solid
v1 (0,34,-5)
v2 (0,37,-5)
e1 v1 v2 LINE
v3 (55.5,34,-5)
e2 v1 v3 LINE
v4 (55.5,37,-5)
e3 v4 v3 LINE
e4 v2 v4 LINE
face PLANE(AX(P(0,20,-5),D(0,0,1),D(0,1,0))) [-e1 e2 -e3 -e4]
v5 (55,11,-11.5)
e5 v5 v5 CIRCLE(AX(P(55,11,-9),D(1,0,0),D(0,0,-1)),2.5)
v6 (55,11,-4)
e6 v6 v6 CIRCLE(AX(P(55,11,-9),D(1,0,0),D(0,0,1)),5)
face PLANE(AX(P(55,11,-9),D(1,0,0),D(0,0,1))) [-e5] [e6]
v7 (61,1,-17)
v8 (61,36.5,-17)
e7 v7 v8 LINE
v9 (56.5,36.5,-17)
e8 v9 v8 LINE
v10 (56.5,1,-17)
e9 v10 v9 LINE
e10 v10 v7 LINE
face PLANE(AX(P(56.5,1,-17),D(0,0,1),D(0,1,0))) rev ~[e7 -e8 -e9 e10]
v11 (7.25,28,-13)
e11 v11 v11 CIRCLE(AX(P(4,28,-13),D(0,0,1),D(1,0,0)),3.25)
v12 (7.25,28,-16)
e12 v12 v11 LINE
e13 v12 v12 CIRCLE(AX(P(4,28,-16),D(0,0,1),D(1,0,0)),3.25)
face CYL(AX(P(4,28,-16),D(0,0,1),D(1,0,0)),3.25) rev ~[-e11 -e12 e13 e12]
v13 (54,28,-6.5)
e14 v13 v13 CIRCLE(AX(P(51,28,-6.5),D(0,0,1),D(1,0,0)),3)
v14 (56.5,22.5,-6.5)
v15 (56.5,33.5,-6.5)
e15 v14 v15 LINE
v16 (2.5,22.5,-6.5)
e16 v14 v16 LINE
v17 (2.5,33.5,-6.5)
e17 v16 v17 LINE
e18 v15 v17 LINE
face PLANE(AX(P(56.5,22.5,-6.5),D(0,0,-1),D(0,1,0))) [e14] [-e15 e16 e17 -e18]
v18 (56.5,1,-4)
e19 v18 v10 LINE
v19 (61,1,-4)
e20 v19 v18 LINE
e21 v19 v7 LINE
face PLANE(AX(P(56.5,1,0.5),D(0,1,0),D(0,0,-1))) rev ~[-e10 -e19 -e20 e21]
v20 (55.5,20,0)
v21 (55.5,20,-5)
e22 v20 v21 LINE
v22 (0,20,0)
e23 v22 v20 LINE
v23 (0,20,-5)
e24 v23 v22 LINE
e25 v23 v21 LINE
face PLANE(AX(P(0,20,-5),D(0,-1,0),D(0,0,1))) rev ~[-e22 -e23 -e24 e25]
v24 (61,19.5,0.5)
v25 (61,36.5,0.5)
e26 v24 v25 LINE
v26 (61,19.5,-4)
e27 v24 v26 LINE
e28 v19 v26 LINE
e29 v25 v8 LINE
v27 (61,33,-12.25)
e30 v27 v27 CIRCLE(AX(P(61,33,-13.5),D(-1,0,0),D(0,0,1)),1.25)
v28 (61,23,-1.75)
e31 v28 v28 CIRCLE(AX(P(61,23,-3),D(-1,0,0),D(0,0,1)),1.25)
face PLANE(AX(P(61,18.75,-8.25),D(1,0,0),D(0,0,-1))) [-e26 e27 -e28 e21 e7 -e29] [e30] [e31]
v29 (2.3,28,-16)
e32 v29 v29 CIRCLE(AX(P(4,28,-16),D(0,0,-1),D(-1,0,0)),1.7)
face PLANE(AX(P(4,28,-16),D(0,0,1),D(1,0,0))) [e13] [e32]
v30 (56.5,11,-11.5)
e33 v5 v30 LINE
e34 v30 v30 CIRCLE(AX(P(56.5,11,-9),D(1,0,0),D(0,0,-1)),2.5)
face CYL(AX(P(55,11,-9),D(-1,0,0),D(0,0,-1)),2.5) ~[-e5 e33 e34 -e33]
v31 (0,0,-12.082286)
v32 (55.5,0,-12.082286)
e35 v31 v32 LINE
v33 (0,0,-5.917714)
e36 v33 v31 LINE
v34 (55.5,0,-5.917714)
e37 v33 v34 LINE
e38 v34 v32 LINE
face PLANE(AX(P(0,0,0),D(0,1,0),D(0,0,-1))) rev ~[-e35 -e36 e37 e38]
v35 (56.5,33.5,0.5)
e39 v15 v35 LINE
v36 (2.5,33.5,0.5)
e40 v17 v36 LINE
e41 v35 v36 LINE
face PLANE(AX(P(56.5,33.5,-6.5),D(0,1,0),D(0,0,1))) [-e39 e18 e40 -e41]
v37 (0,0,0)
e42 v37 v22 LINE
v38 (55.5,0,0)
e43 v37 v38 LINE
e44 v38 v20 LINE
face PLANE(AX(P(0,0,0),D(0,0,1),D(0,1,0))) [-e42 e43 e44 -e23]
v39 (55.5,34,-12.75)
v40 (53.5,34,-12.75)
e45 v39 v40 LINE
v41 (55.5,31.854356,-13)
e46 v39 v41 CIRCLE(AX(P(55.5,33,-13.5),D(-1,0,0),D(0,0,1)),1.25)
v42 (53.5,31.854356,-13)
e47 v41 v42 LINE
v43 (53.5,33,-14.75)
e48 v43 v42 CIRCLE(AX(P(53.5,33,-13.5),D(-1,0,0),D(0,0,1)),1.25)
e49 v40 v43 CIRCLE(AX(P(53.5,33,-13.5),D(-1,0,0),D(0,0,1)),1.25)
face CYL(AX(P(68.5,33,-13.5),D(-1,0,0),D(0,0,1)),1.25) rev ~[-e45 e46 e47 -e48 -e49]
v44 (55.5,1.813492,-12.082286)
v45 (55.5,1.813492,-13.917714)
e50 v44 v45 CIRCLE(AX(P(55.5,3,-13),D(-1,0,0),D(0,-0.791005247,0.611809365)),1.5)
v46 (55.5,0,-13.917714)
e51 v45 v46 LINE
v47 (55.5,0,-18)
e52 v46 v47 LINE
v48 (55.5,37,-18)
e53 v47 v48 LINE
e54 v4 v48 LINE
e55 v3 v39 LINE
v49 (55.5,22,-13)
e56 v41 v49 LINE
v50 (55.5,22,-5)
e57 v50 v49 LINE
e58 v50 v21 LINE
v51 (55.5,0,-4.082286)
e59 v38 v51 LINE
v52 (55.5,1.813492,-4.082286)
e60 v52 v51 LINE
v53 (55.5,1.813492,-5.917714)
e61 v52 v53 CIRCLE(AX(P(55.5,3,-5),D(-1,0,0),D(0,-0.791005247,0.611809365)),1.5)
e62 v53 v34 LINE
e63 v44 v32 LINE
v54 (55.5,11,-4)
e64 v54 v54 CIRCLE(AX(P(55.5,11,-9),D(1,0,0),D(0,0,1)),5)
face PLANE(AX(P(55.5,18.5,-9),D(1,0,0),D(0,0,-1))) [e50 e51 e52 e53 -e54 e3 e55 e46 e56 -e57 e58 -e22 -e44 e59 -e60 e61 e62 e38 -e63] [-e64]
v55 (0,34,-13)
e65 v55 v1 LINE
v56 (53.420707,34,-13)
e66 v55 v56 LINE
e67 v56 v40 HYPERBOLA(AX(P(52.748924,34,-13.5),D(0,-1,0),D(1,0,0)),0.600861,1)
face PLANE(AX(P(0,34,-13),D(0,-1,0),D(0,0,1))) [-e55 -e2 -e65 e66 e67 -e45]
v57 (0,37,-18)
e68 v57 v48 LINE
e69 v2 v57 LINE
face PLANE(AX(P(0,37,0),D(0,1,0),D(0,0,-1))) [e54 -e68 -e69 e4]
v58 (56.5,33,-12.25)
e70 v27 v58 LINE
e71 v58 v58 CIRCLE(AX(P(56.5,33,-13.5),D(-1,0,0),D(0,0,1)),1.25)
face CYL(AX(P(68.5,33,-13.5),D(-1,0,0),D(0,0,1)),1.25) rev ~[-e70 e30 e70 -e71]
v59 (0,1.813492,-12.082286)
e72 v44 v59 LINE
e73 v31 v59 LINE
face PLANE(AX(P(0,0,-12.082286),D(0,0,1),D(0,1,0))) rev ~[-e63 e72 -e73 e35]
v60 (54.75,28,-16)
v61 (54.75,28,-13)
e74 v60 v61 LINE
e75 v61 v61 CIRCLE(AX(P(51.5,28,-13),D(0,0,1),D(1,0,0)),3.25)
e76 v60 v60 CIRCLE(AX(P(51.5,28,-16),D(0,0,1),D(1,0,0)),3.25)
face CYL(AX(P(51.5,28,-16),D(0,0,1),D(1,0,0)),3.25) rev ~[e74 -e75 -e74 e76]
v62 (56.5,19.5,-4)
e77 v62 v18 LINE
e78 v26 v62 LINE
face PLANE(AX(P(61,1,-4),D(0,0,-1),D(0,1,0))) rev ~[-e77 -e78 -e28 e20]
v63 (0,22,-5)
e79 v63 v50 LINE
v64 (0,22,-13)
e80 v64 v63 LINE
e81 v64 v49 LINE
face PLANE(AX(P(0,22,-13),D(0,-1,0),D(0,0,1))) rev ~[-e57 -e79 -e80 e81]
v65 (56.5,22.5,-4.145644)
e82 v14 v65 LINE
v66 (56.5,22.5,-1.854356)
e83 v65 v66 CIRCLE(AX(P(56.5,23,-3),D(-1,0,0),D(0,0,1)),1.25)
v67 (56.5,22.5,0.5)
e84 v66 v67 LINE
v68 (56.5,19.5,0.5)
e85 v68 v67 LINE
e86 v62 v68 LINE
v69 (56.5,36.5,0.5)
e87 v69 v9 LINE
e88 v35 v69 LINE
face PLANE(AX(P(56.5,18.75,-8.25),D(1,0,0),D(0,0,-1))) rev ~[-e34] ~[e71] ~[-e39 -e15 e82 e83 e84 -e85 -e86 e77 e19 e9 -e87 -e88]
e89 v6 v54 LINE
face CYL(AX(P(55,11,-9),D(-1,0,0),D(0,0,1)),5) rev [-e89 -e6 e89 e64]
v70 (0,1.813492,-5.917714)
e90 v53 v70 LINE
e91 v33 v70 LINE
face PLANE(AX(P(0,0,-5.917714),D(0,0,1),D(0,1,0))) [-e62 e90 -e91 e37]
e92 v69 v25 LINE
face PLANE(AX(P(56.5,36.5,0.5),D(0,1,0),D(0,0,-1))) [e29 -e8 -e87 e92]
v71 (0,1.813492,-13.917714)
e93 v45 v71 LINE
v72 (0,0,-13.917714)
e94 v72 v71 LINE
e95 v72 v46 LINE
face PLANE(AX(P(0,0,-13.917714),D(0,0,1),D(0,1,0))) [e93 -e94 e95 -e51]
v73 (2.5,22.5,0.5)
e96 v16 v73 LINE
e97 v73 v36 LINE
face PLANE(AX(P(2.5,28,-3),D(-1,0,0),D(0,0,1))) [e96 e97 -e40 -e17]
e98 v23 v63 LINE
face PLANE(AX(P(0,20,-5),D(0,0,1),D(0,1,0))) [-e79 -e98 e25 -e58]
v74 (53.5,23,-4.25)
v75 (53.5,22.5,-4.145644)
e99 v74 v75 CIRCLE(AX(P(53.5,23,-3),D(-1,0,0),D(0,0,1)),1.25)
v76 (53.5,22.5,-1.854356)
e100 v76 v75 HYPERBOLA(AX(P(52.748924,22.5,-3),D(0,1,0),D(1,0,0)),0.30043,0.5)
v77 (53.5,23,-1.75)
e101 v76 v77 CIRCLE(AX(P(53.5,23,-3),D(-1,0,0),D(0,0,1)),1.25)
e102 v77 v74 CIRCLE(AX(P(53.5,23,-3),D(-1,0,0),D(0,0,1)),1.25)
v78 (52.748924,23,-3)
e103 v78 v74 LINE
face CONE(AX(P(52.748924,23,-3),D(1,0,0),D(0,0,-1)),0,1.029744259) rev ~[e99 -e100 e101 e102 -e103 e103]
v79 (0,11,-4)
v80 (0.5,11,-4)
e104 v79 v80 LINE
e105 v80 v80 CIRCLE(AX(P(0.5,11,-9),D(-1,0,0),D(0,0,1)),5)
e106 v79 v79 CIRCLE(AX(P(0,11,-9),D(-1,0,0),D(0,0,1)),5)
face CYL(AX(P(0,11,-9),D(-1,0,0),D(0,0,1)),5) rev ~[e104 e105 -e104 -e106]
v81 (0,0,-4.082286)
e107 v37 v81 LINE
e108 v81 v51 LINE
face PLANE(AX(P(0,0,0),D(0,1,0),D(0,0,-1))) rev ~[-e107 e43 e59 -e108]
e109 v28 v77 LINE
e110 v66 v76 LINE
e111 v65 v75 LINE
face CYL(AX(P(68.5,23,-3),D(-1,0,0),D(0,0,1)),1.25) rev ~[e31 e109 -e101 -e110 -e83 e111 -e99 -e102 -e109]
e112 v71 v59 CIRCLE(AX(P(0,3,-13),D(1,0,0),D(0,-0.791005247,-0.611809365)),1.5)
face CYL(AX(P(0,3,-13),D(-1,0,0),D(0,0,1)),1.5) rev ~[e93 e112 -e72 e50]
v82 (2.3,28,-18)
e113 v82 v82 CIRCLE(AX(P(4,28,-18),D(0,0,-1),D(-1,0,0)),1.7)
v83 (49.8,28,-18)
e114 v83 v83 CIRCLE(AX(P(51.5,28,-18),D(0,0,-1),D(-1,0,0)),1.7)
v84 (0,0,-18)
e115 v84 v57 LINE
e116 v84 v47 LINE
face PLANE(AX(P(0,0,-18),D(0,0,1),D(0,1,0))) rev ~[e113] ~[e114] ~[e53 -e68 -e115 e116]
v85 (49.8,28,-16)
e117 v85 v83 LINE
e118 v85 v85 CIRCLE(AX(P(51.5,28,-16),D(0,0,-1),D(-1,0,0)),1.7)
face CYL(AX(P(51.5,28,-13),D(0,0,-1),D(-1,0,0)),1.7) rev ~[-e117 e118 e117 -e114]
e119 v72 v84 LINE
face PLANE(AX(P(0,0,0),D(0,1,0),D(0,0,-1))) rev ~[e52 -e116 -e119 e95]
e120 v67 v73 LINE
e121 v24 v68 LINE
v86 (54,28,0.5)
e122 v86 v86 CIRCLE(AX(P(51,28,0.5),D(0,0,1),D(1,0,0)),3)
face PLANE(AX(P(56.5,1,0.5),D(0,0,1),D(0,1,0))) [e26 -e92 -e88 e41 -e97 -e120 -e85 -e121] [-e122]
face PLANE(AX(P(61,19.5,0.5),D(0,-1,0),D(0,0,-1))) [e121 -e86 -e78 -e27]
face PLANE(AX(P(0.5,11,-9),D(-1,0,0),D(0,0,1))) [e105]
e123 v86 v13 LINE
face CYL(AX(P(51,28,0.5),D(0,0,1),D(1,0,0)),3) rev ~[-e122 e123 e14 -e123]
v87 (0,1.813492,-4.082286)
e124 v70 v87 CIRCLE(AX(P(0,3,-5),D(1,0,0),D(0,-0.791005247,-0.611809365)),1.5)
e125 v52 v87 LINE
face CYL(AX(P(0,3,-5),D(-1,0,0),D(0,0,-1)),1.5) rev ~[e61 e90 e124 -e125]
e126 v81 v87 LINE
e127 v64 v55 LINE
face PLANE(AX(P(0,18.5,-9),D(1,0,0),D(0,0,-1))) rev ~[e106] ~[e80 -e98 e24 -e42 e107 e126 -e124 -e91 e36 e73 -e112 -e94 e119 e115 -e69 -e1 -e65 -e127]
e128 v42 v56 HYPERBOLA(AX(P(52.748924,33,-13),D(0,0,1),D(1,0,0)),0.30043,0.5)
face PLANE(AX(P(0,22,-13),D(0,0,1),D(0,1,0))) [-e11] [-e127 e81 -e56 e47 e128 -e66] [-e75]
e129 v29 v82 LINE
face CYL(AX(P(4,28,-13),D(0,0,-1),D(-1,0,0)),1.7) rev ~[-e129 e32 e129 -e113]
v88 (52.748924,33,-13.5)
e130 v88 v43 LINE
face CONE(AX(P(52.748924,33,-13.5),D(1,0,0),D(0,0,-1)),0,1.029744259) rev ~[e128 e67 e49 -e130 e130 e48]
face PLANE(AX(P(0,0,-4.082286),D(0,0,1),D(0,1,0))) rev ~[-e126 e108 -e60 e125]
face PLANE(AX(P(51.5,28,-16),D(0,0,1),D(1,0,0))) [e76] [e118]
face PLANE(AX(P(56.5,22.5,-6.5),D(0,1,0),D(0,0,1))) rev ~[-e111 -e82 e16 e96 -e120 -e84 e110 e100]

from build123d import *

# Parameters (mm, degrees)
SKETCH_1_W                     = 18
SKETCH_1_H                     = 37
EXTRUDE_1_DEPTH                = 55.5
SKETCH_2_R                     = 5
CUT_EXTRUDE_1_DEPTH            = 0.5
CUT_EXTRUDE_START              = -0.5
SKETCH_3_R                     = 5
CUT_EXTRUDE_2_DEPTH            = 0.5
SKETCH_4_R                     = 1.5
CUT_EXTRUDE_3_DEPTH            = 70.088711089
SKETCH_5_W                     = 1.835428096
SKETCH_5_H                     = 2.75652024
CUT_EXTRUDE_4_DEPTH            = 70.088711089
SKETCH_6_W                     = 5
SKETCH_6_H                     = 17
CUT_EXTRUDE_5_DEPTH            = 70.088711089
SKETCH_7_W                     = 8
SKETCH_7_H                     = 12
CUT_EXTRUDE_6_DEPTH            = 70.088711089
SKETCH_8_R                     = 2.5
EXTRUDE_2_DEPTH                = 1.5
SKETCH_9_W                     = 17.5
SKETCH_9_H                     = 35.5
EXTRUDE_3_DEPTH                = 4.5
SKETCH_10_W                    = 7
SKETCH_10_H                    = 11
EXTRUDE_4_DEPTH                = 54
CUT_EXTRUDE_7_REACH            = 75.58
SKETCH_11_W                    = 4.5
SKETCH_11_H                    = 18.5
HOLE_WIZARD_M3_1_D             = 2.5
HOLE_WIZARD_M3_1_DEPTH         = 7.5
HOLE_WIZARD_M3_1_TIP           = 0.751075774
HOLE_WIZARD_M3_1_2_D           = 3.4
HOLE_WIZARD_M3_1_2_DEPTH       = 5
HOLE_WIZARD_M3_1_2_CBORE_D     = 6.5
HOLE_WIZARD_M3_1_2_CBORE_DEPTH = 3
CUT_EXTRUDE_8_REACH            = 75.704
SKETCH_16_R                    = 3


with BuildPart() as part:
    # 草图1 → 凸台-拉伸1 (new body)
    with BuildSketch(Plane(origin=(0, 0, 0), x_dir=(0, 0, -1), z_dir=(1, 0, 0))):
        with Locations((9, 18.5)):
            Rectangle(SKETCH_1_W, SKETCH_1_H)
    extrude(amount=EXTRUDE_1_DEPTH)

    # 草图2 → 切除-拉伸1 (cut)
    with BuildSketch(Plane.ZY):
        with Locations((-9, 11)):
            Circle(SKETCH_2_R)
    extrude(amount=-CUT_EXTRUDE_1_DEPTH, mode=Mode.SUBTRACT)

    # 草图3 → 切除-拉伸2 (cut)
    with BuildSketch(Plane(origin=(55.5, 0, 0), x_dir=(0, 0, -1), z_dir=(1, 0, 0)).offset(CUT_EXTRUDE_START)):
        with Locations(Location((9, 11, 0), (0, 0, 180))):
            Circle(SKETCH_3_R)
    extrude(amount=CUT_EXTRUDE_2_DEPTH, mode=Mode.SUBTRACT)

    # 草图4 → 切除-拉伸3 (cut, through all)
    with BuildSketch(Plane.ZY):
        with Locations((-13, 3)):
            Circle(SKETCH_4_R)
        with Locations(Location((-5, 3, 0), (0, 0, 180))):
            Circle(SKETCH_4_R)
    extrude(amount=-CUT_EXTRUDE_3_DEPTH, mode=Mode.SUBTRACT)

    # 草图5 → 切除-拉伸4 (cut, through all)
    with BuildSketch(Plane.ZY):
        with Locations((-13, 1.37826012)):
            Rectangle(SKETCH_5_W, SKETCH_5_H)
        with Locations((-5, 1.37826012)):
            Rectangle(SKETCH_5_W, SKETCH_5_H)
    extrude(amount=-CUT_EXTRUDE_4_DEPTH, mode=Mode.SUBTRACT)

    # 草图6 → 切除-拉伸5 (cut, through all)
    with BuildSketch(Plane.ZY):
        with Locations((-2.5, 28.5)):
            Rectangle(SKETCH_6_W, SKETCH_6_H)
    extrude(amount=-CUT_EXTRUDE_5_DEPTH, mode=Mode.SUBTRACT)

    # 草图7 → 切除-拉伸6 (cut, through all)
    with BuildSketch(Plane.ZY):
        with Locations((-9, 28)):
            Rectangle(SKETCH_7_W, SKETCH_7_H)
    extrude(amount=-CUT_EXTRUDE_6_DEPTH, mode=Mode.SUBTRACT)

    # 草图8 → 凸台-拉伸2 (add)
    with BuildSketch(Plane(origin=(55, 0, 0), x_dir=(0, 0, -1), z_dir=(1, 0, 0))):
        with Locations((9, 11)):
            Circle(SKETCH_8_R)
    extrude(amount=EXTRUDE_2_DEPTH)

    # 草图9 → 凸台-拉伸3 (add)
    with BuildSketch(Plane(origin=(56.5, 0, 0), x_dir=(0, 0, -1), z_dir=(1, 0, 0))):
        with Locations((8.25, 18.75)):
            Rectangle(SKETCH_9_W, SKETCH_9_H)
    extrude(amount=EXTRUDE_3_DEPTH)

    # 草图10 → 凸台-拉伸4 (add)
    with BuildSketch(Plane.ZY.offset(-56.5)):
        with Locations((-3, 28)):
            Rectangle(SKETCH_10_W, SKETCH_10_H)
    extrude(amount=EXTRUDE_4_DEPTH)

    # 草图11 → 切除-拉伸7 (cut, up to next)
    with BuildSketch(Plane(origin=(61, 0, 0), x_dir=(0, 0, -1), z_dir=(1, 0, 0)), mode=Mode.PRIVATE) as cut_extrude_7_sk1:
        with Locations((1.75, 10.25)):
            Rectangle(SKETCH_11_W, SKETCH_11_H)
    cut_extrude_7_tool1 = extrude(cut_extrude_7_sk1.sketch, amount=-CUT_EXTRUDE_7_REACH, mode=Mode.PRIVATE) & part.part
    add(cut_extrude_7_tool1.solids().sort_by_distance((61, 10.25, -1.75))[0], mode=Mode.SUBTRACT)

    # Hole Wizard M3 _1
    with Locations(Plane(origin=(61, 0, 0), x_dir=(0, 0, -1), z_dir=(1, 0, 0))):
        with Locations((13.5, 33), (3, 23)):
            Hole(HOLE_WIZARD_M3_1_D / 2, depth=HOLE_WIZARD_M3_1_DEPTH)
            with Locations((0, 0, -(HOLE_WIZARD_M3_1_DEPTH + HOLE_WIZARD_M3_1_TIP / 2))):  # 118° drill point
                Cone(0, HOLE_WIZARD_M3_1_D / 2, HOLE_WIZARD_M3_1_TIP, mode=Mode.SUBTRACT)

    # Hole Wizard M3 _1 2
    with Locations(Plane.XY.offset(-13)):
        with Locations((4, 28), (51.5, 28)):
            CounterBoreHole(HOLE_WIZARD_M3_1_2_D / 2, HOLE_WIZARD_M3_1_2_CBORE_D / 2, HOLE_WIZARD_M3_1_2_CBORE_DEPTH, depth=HOLE_WIZARD_M3_1_2_DEPTH)

    # 草图16 → 切除-拉伸8 (cut, up to next)
    with BuildSketch(Plane.XY.offset(0.5), mode=Mode.PRIVATE) as cut_extrude_8_sk1:
        with Locations((51, 28)):
            Circle(SKETCH_16_R)
    cut_extrude_8_tool1 = extrude(cut_extrude_8_sk1.sketch, amount=-CUT_EXTRUDE_8_REACH, mode=Mode.PRIVATE) & part.part
    add(cut_extrude_8_tool1.solids().sort_by_distance((51, 28, 0.5))[0], mode=Mode.SUBTRACT)


solid = part.part
